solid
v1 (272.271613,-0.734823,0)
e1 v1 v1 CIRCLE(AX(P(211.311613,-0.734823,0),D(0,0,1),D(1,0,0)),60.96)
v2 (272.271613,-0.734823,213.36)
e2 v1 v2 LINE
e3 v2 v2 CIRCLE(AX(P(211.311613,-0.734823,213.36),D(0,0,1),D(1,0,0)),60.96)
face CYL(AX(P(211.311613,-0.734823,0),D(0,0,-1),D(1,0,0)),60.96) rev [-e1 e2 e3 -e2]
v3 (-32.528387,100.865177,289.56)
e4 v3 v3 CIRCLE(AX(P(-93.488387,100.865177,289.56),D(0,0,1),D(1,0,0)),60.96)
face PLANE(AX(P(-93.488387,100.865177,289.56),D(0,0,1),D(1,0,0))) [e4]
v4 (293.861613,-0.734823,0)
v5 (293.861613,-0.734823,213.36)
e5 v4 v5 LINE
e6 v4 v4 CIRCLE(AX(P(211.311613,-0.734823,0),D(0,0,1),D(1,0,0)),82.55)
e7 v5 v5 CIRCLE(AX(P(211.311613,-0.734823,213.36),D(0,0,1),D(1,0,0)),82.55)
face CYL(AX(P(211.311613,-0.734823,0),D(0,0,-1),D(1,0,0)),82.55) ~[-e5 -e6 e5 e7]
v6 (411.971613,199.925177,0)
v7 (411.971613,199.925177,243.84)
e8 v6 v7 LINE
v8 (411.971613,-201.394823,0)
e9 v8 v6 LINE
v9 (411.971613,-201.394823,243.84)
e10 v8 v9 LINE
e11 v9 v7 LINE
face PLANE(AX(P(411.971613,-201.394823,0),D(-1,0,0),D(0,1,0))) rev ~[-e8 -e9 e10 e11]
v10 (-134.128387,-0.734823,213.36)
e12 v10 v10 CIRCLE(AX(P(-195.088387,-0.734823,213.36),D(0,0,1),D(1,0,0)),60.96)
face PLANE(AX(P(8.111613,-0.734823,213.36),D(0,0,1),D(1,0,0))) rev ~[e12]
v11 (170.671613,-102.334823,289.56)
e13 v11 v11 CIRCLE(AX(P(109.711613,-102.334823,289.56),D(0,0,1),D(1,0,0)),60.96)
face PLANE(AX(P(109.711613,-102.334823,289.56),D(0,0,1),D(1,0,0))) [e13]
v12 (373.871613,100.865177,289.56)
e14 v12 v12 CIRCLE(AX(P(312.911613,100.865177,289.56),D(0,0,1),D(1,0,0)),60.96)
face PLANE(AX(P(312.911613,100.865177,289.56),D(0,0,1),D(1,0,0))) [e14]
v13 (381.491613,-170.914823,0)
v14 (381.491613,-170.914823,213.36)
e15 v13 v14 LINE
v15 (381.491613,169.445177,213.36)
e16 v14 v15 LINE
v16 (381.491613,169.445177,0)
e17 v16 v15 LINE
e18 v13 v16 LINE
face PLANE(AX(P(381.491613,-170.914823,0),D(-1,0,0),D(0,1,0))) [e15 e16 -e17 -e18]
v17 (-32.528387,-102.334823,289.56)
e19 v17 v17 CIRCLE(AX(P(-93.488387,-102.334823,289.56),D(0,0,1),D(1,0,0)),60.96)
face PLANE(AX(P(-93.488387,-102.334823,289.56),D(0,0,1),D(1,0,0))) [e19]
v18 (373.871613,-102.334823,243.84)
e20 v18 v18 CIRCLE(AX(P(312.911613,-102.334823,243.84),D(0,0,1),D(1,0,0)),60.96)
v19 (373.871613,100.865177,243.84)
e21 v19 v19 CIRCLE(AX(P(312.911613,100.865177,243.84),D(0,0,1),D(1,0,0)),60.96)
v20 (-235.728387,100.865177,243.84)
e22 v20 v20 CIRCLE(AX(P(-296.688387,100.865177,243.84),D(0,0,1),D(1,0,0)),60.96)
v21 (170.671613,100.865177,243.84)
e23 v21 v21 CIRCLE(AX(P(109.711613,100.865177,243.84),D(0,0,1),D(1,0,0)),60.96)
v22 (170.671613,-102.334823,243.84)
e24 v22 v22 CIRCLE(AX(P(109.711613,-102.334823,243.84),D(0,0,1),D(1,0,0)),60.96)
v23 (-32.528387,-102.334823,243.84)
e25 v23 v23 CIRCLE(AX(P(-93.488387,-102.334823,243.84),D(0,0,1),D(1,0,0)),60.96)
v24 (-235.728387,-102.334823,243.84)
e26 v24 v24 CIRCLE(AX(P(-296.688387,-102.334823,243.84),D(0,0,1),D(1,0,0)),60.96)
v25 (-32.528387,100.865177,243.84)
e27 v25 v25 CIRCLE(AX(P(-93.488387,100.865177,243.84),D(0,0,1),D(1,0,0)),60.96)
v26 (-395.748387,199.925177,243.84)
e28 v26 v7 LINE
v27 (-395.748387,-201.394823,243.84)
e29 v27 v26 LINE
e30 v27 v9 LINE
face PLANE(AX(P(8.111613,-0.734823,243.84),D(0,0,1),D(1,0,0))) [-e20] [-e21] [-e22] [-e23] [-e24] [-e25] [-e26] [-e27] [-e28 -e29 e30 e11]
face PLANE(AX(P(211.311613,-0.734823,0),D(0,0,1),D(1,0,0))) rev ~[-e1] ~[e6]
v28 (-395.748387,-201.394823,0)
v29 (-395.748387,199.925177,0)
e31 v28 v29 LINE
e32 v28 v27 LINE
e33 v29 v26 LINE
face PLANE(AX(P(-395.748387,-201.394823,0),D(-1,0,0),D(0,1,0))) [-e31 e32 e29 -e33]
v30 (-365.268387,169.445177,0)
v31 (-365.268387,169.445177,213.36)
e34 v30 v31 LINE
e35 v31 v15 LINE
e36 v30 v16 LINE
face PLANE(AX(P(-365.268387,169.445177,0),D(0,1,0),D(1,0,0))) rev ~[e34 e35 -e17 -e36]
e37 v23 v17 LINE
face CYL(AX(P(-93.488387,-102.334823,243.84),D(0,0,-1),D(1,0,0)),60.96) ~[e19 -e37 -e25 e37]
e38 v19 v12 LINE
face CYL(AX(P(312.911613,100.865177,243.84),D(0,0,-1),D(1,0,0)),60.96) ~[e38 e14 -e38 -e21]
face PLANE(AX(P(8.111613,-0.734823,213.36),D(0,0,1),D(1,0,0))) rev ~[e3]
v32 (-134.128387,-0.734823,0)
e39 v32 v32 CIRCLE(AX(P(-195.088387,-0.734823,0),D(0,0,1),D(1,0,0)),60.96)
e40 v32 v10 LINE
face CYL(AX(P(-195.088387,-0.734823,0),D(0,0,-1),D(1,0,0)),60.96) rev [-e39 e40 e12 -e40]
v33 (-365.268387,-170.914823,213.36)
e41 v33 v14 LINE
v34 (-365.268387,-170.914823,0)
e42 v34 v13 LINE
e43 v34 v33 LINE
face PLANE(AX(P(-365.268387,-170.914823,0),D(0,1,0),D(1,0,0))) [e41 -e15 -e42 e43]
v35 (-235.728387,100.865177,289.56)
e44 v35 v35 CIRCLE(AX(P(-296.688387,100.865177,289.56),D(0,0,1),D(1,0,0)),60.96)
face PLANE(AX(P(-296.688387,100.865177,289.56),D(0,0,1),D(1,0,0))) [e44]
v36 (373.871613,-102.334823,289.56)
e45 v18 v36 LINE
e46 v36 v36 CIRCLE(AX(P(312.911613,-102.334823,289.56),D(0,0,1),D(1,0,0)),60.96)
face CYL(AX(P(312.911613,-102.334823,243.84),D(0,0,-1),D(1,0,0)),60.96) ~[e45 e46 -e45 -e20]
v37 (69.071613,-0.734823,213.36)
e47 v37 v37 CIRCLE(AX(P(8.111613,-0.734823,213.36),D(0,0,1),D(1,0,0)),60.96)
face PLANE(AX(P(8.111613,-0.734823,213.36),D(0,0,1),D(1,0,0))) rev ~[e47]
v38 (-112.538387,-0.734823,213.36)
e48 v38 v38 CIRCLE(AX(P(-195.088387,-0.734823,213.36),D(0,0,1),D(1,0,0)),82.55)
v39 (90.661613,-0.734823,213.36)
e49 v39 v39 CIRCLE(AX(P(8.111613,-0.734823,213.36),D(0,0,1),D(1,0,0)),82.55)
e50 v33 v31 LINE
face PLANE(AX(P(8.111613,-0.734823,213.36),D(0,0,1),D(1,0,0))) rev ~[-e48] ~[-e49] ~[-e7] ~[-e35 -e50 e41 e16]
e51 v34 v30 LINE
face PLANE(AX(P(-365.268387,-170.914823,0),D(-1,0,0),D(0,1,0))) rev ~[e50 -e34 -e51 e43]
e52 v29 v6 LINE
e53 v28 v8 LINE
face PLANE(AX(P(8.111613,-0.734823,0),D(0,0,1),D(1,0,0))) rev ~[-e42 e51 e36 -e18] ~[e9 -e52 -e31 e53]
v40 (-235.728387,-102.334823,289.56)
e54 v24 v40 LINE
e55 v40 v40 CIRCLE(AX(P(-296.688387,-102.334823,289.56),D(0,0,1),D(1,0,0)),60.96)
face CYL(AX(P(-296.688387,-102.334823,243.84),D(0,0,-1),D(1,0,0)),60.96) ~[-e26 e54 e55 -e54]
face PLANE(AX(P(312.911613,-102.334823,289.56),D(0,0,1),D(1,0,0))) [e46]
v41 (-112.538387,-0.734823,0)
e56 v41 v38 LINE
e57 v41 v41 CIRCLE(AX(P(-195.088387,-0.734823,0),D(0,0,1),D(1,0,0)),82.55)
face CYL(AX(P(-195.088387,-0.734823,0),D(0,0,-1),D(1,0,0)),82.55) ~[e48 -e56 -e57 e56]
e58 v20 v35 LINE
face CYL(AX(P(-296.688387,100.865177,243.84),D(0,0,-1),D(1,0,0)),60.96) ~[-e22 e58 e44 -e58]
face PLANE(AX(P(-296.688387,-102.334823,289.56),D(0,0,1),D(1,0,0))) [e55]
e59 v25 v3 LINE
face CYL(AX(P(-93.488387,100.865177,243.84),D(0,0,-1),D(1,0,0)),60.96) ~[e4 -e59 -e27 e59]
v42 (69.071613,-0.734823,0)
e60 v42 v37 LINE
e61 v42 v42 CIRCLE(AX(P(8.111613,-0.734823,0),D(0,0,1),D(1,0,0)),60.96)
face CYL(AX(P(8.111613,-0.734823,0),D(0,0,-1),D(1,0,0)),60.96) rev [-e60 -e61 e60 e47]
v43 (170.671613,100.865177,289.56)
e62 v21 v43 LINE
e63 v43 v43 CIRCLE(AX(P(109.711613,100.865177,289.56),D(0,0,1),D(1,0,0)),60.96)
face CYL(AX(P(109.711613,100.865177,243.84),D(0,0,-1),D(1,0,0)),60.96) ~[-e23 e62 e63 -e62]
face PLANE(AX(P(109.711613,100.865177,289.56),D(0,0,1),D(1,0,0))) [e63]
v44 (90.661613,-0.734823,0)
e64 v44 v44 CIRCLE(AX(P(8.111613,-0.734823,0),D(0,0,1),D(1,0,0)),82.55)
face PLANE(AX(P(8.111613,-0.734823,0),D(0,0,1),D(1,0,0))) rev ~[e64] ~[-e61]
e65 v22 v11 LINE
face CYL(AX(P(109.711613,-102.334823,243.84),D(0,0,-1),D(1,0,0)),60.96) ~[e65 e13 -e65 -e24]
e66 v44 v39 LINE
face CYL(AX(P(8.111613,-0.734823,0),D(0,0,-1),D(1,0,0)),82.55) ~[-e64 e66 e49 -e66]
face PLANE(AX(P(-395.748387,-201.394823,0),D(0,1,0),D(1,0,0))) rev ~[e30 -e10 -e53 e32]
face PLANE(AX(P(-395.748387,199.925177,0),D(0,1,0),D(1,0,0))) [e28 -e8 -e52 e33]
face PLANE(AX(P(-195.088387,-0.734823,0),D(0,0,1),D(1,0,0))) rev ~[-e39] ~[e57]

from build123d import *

# Parameters (mm, degrees)
F0_W     = 807.72
F0_H     = 401.32
F1_DEPTH = 243.84
F2_R     = 60.96
F3_DEPTH = 45.72
F4_W     = 746.76
F4_H     = 340.36
F5_DEPTH = 213.36
F6_R     = 82.55
F6_R_2   = 60.96
F7_DEPTH = 142.24
F8_DEPTH = 213.36


with BuildPart() as f1:
    # F0 (on Top) → F1 (new body)
    with BuildSketch(Plane.XY):
        with Locations((8.111613, -0.734823)):
            Rectangle(F0_W, F0_H)
    extrude(amount=F1_DEPTH)

    # F2 (on face) → F3 (join)
    with BuildSketch(Plane.XY.offset(243.84)):
        with Locations((-296.688387, 100.865177)):
            Circle(F2_R)
        with Locations((-296.688387, -102.334823)):
            Circle(F2_R)
        with Locations((-93.488387, -102.334823)):
            Circle(F2_R)
        with Locations((-93.488387, 100.865177)):
            Circle(F2_R)
        with Locations((109.711613, 100.865177)):
            Circle(F2_R)
        with Locations((109.711613, -102.334823)):
            Circle(F2_R)
        with Locations((312.911613, -102.334823)):
            Circle(F2_R)
        with Locations((312.911613, 100.865177)):
            Circle(F2_R)
    extrude(amount=F3_DEPTH)

    # F4 (on face) → F5 (cut)
    with BuildSketch(Plane.XY):
        with Locations((8.111613, -0.734823)):
            Rectangle(F4_W, F4_H)
    extrude(amount=F5_DEPTH, mode=Mode.SUBTRACT)

    # F6 (on face) → F7 (cut)
    with BuildSketch(Plane.XY):
        with Locations((211.311613, -0.734823)):
            Circle(F6_R)
        with Locations((211.311613, -0.734823)):
            Circle(F6_R_2, mode=Mode.SUBTRACT)
        with Locations((8.111613, -0.734823)):
            Circle(F6_R)
        with Locations((8.111613, -0.734823)):
            Circle(F6_R_2, mode=Mode.SUBTRACT)
        with Locations((-195.088387, -0.734823)):
            Circle(F6_R)
        with Locations((-195.088387, -0.734823)):
            Circle(F6_R_2, mode=Mode.SUBTRACT)
    extrude(amount=F7_DEPTH, mode=Mode.SUBTRACT)

    # F6 (on face) → F8 (join)
    with BuildSketch(Plane.XY):
        with Locations((211.311613, -0.734823)):
            Circle(F6_R)
        with Locations((211.311613, -0.734823)):
            Circle(F6_R_2, mode=Mode.SUBTRACT)
        with Locations((8.111613, -0.734823)):
            Circle(F6_R)
        with Locations((8.111613, -0.734823)):
            Circle(F6_R_2, mode=Mode.SUBTRACT)
        with Locations((-195.088387, -0.734823)):
            Circle(F6_R)
        with Locations((-195.088387, -0.734823)):
            Circle(F6_R_2, mode=Mode.SUBTRACT)
    extrude(amount=F8_DEPTH)


solid = f1.part
